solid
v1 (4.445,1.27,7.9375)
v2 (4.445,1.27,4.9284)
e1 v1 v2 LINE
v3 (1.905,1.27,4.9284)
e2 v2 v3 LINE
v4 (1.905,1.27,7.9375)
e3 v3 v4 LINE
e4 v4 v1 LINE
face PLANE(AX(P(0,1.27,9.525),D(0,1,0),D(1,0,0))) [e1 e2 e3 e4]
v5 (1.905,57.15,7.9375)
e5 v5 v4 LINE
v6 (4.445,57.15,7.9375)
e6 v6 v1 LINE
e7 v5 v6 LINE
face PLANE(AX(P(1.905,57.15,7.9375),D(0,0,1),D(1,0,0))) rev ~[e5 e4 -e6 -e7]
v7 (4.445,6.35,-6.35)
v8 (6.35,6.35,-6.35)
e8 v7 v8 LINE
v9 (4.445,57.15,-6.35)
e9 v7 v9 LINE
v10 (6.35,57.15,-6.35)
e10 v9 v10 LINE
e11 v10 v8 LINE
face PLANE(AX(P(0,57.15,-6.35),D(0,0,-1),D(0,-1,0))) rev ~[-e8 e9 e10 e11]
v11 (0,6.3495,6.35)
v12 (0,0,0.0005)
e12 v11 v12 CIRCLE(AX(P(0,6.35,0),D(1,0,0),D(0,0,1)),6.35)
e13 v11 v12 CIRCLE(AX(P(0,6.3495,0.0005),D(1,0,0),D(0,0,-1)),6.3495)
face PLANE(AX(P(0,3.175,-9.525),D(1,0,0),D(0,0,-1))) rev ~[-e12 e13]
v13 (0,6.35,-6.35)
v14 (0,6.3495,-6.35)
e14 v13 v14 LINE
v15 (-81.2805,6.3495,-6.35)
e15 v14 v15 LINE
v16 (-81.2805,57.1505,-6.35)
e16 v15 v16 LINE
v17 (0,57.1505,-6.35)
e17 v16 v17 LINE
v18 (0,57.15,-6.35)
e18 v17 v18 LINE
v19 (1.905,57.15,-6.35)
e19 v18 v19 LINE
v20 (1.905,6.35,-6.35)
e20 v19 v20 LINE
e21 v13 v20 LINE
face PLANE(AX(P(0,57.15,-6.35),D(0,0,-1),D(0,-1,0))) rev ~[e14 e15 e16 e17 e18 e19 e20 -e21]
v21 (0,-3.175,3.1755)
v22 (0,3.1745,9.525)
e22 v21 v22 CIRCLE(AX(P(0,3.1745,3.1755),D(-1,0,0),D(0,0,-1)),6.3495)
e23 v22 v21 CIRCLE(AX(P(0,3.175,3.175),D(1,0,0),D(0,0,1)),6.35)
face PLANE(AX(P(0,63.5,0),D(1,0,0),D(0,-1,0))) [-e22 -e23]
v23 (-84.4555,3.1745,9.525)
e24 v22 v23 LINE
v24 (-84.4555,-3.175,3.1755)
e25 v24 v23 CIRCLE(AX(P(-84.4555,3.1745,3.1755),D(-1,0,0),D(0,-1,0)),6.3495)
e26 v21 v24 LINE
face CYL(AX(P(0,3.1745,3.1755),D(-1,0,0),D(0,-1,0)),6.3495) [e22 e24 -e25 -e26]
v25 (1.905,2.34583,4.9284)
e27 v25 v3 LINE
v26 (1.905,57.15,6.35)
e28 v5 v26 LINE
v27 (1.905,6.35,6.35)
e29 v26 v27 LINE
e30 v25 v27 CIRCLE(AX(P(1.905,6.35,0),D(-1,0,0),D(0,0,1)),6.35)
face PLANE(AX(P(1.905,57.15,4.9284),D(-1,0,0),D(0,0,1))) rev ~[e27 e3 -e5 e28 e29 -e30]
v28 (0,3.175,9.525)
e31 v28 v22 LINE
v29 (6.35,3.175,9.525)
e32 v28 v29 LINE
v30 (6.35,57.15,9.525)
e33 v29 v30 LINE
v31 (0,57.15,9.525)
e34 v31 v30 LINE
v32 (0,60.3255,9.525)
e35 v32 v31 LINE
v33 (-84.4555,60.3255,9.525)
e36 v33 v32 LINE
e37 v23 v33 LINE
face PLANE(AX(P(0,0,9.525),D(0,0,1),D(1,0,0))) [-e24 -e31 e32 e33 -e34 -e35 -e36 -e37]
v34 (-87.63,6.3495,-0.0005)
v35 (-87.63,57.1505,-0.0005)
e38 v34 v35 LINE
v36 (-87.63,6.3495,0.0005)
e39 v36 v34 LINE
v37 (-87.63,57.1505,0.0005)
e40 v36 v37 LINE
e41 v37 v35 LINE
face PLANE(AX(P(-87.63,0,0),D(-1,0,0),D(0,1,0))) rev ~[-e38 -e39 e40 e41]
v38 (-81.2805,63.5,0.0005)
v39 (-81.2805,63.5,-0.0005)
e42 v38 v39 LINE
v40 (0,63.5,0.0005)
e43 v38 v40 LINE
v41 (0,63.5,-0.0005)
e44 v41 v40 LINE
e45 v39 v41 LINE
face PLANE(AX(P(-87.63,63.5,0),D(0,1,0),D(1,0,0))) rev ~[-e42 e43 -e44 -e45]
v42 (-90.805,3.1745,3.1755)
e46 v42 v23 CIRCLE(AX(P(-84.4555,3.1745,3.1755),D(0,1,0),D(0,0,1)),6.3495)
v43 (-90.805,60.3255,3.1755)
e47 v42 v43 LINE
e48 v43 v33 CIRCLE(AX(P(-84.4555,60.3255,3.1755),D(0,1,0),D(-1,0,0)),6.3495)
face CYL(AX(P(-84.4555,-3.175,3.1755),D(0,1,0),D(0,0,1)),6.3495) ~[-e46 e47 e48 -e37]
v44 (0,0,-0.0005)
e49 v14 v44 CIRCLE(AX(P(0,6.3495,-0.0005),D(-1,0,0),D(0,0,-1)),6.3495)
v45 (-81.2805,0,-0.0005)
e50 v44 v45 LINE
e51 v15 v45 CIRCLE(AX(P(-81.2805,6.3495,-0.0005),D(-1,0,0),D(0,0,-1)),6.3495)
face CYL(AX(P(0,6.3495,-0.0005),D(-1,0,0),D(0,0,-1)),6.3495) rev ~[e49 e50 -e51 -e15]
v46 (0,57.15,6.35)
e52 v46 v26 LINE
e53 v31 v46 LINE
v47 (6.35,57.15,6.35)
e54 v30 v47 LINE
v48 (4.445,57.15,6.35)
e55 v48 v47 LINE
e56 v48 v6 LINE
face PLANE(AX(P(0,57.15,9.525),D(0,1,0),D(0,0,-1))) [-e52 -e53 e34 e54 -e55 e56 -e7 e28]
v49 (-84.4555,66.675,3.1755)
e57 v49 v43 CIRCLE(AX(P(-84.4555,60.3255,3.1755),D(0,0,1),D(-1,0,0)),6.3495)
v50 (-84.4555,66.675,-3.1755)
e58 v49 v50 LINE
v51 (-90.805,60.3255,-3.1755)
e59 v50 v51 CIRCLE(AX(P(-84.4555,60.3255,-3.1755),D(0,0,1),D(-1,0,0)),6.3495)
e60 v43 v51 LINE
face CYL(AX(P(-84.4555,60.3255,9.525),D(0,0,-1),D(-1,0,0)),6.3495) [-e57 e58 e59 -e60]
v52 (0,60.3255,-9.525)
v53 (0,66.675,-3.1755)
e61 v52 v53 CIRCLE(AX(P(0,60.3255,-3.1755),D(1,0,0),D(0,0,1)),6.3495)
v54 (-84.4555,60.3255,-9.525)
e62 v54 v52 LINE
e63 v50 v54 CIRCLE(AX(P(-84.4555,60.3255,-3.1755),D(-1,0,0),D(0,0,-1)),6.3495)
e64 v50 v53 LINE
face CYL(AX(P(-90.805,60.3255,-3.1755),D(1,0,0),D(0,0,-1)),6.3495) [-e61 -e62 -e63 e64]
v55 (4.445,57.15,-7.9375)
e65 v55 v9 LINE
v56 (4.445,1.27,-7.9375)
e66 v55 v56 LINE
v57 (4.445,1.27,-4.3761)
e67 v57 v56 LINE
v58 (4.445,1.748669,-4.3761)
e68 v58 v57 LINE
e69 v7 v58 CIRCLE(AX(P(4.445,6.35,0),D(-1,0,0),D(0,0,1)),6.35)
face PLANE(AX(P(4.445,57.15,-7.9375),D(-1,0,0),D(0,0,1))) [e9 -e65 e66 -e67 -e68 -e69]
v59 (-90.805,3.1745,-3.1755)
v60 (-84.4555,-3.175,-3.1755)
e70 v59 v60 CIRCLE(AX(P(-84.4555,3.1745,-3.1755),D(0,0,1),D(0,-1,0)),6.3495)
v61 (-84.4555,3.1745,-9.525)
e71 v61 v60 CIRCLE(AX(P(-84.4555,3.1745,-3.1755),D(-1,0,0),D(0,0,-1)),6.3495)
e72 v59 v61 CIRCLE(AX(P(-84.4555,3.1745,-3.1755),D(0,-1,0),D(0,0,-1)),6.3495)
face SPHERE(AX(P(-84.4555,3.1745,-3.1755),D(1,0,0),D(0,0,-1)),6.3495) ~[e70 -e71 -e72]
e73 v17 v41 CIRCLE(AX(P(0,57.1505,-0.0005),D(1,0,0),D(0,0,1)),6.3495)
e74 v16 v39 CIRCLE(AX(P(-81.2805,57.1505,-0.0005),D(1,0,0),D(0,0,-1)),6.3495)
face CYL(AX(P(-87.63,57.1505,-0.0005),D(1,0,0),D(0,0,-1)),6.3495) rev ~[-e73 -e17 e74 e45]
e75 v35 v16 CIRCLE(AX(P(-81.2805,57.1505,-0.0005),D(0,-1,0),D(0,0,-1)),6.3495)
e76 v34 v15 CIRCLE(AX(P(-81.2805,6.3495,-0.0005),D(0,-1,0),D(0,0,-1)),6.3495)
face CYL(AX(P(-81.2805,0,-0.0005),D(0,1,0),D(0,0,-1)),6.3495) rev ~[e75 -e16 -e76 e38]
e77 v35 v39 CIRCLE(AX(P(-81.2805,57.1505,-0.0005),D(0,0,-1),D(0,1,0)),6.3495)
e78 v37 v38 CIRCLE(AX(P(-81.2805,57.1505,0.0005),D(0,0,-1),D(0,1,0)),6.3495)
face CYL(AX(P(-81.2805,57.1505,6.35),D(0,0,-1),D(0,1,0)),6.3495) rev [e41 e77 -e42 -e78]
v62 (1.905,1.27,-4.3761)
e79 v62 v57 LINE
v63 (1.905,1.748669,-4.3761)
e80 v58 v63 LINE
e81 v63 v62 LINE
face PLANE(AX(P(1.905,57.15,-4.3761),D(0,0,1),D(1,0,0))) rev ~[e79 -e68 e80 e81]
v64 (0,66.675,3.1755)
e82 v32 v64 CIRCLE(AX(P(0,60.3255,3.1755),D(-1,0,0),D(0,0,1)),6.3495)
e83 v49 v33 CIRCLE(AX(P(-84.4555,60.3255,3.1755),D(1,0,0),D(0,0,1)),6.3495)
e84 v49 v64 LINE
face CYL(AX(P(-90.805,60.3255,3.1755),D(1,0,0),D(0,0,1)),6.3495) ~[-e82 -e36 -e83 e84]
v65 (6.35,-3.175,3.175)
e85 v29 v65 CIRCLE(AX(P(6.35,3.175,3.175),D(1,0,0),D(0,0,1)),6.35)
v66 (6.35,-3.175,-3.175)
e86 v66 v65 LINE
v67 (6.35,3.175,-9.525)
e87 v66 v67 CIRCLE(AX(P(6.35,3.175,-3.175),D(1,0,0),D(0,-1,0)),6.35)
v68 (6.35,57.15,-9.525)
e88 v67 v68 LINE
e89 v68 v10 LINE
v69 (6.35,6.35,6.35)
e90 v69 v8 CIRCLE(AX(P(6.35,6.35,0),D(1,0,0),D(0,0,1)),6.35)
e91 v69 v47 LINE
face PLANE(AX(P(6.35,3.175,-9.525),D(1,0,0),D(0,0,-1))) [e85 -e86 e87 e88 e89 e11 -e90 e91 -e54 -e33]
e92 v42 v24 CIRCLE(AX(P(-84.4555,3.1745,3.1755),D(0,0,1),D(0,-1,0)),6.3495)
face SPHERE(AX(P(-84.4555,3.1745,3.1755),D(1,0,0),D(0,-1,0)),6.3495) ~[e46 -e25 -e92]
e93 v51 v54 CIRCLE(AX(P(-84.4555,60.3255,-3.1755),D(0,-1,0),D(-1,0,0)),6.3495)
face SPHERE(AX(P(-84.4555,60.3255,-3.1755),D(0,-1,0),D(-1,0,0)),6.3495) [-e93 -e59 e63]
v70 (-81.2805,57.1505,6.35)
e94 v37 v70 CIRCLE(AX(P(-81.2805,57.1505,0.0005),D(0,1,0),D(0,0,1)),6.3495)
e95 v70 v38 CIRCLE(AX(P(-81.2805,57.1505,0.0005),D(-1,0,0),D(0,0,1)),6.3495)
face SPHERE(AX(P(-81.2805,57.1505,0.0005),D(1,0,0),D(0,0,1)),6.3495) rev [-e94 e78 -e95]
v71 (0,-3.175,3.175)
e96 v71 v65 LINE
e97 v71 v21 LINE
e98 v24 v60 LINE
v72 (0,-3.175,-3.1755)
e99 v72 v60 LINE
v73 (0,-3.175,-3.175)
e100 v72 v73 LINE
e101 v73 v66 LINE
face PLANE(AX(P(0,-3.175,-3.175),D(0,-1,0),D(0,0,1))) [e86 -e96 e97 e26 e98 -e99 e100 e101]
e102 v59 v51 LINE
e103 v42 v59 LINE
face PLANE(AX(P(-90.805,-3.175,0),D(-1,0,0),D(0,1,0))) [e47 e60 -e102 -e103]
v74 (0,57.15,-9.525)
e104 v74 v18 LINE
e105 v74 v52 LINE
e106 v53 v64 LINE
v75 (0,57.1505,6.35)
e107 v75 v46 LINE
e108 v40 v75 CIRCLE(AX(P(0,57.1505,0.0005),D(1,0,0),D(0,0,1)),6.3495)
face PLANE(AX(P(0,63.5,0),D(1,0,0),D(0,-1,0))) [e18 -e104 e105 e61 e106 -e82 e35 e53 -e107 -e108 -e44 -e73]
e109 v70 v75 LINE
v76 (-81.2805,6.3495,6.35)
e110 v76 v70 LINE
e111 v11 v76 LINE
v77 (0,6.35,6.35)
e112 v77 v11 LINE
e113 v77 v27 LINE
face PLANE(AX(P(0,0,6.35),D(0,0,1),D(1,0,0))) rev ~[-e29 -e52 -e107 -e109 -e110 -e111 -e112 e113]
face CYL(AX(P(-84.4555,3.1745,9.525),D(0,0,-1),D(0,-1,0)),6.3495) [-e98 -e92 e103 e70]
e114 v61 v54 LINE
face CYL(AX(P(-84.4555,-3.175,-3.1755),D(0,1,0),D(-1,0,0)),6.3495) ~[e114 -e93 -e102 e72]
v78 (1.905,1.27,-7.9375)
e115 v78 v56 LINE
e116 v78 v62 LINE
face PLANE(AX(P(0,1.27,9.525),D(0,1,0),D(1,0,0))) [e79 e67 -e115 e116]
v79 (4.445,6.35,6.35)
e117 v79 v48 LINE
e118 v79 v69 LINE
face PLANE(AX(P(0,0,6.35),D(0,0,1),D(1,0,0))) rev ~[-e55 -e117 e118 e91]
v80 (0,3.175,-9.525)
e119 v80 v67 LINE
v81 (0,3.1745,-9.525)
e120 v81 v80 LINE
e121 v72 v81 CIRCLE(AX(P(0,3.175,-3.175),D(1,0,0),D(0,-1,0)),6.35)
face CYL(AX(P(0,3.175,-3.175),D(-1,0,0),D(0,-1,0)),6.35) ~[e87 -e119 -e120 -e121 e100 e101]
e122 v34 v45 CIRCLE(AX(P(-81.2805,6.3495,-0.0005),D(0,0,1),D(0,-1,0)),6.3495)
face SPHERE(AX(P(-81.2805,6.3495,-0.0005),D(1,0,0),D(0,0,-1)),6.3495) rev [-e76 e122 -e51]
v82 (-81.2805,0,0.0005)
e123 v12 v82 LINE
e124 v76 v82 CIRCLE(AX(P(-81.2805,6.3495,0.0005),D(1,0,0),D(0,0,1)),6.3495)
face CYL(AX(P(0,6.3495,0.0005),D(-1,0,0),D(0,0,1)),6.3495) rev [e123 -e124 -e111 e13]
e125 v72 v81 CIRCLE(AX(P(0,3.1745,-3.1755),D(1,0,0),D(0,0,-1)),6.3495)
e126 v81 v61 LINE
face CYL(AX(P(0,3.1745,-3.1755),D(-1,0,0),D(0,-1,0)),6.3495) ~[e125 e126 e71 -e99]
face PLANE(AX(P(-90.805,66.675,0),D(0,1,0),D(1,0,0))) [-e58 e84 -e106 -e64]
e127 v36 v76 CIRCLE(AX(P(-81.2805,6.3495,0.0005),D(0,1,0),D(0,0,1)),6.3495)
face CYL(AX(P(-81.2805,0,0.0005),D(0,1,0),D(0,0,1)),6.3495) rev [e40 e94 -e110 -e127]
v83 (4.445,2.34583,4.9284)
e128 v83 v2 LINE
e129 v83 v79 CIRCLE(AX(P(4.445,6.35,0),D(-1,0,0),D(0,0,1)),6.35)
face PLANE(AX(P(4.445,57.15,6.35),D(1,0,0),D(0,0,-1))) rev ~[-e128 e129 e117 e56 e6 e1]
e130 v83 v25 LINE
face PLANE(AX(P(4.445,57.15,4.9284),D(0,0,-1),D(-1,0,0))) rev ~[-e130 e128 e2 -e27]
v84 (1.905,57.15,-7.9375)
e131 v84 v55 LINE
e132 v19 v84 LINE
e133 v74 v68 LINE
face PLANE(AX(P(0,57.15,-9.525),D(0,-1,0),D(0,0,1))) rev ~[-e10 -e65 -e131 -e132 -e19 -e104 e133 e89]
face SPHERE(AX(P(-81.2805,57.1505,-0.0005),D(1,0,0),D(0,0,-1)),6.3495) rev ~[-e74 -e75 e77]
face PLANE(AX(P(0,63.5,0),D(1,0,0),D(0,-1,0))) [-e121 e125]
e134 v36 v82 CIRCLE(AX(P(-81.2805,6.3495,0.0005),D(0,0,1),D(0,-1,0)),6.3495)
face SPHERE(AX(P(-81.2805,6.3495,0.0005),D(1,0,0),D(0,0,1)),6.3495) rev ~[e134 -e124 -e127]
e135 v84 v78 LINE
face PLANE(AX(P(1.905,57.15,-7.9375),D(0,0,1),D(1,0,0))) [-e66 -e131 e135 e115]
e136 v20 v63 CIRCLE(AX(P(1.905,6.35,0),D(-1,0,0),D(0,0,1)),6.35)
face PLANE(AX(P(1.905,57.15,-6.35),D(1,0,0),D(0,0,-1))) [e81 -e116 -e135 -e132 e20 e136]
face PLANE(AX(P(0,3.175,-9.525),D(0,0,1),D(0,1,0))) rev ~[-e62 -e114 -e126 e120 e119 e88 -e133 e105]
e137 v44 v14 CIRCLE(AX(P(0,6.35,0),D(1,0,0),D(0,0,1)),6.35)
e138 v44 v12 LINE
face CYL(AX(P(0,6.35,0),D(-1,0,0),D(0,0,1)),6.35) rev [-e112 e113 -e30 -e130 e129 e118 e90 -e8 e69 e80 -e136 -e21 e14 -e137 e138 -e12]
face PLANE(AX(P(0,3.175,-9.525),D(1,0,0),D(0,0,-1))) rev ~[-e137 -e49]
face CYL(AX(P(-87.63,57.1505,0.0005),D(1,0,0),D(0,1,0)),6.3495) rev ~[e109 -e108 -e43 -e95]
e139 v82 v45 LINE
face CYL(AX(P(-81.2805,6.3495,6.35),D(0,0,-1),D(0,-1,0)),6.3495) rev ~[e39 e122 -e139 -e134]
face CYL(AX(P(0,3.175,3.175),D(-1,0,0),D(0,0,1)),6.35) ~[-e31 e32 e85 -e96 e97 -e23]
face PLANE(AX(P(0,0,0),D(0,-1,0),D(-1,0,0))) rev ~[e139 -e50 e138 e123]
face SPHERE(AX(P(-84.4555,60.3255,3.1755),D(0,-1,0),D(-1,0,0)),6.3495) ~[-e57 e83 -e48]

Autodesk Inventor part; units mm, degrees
ref_plane "YZ Plane" through (0, 0, 0) normal (1, 0, 0) x (0, 1, 0)
ref_plane "XZ Plane" through (0, 0, 0) normal (0, 1, 0) x (-1, 0, 0)
ref_plane "XY Plane" through (0, 0, 0) normal (0, 0, 1) x (1, 0, 0)
sketch "Sketch1" plane through (0, 0, 0) normal (0, 0, 1) x (1, 0, 0)
  line L0 (0, 0) -> (-87.63, 0)
  line L1 (-87.63, 0) -> (-87.63, 63.5)
  line L2 (-87.63, 63.5) -> (0, 63.5)
  line L3 (0, 63.5) -> (0, 0)
  dimension "d0" = 87.63
  dimension "d1" = 63.5
sketch "Sketch2" plane through (0, 0, 0) normal (0, 0, 1) x (1, 0, 0)
  line L0 (0, -3.175) -> (-90.805, -3.175)
  line L1 (-90.805, -3.175) -> (-90.805, 66.675)
  line L2 (-90.805, 66.675) -> (0, 66.675)
  line L3 (0, 66.675) -> (0, -3.175)
  line L4 (-87.63, 63.5) -> (0, 63.5) projected
  point P0 (0, 0)
  dimension "d2" = 3.175
  dimension "d3" = 3.175
  dimension "d4" = 66.675
  dimension "d6" = 0
extrude "Extrusion1" add sketch "Sketch2" along normal mid plane 19.05
extrude "Extrusion2" cut sketch "Sketch1" along normal mid plane 12.7
fillet "Fillet1" radius 6.35 16 edges at (-43.815, 63.5, 6.35) (-43.815, 63.5, -6.35) (-43.815, 0, -6.35) (-45.4025, -3.175, 9.525) (-43.815, 0, 6.35) (-45.4025, -3.175, -9.525) (-90.805, 31.75, -9.525) (-90.805, -3.175, 0) (-90.805, 31.75, 9.525) (-90.805, 66.675, 0) (-45.4025, 66.675, -9.525) (-45.4025, 66.675, 9.525) (-87.63, 31.75, 6.35) (-87.63, 31.75, -6.35) (-87.63, 63.5, 0) (-87.63, 0, 0)
sketch "Sketch3" plane through (0, 3.175, -9.525) normal (1, 0, 0) x (0, 0, -1)
  line L0 (-3.175, 53.975) -> (-3.175, 3.175) projected
  arc A0 (-15.875, 3.175) -> (-3.175, 3.175) centre (-9.525, 3.175) ccw projected
  line L1 (-15.875, 3.175) -> (-15.875, 53.975) projected
  arc A1 (-3.175, 53.975) -> (-15.875, 53.975) centre (-9.525, 53.975) ccw construction
  arc A2 (-19.05, 0) -> (-12.7, -6.35) centre (-12.7, 0) ccw projected
  line L2 (-6.35, -6.35) -> (-12.7, -6.35) projected
  arc A3 (-6.35, -6.35) -> (0, 0) centre (-6.35, 0) ccw projected
  line L3 (0, 57.15) -> (0, 0) construction
  arc A4 (0, 57.15) -> (-6.35, 63.5) centre (-6.35, 57.15) ccw construction
  line L4 (-12.7, 63.5) -> (-6.35, 63.5) construction
  arc A5 (-12.7, 63.5) -> (-19.05, 57.15) centre (-12.7, 57.15) ccw construction
  line L5 (-19.05, 0) -> (-19.05, 57.15) construction
  line L6 (-19.05, 0) -> (-19.05, 53.975)
  line L7 (-19.05, 0) -> (-19.05, 57.15) construction
  line L8 (0, 0) -> (-6.35, 0) construction
  line L9 (0, 0) -> (0, 53.975)
  line L10 (0, 57.15) -> (0, 0) construction
  line L11 (-19.05, 53.975) -> (-15.875, 53.975)
  line L12 (0, 53.975) -> (-3.175, 53.975)
  point P0 (-9.525, -3.175)
extrude "Extrusion3" add sketch "Sketch3" along normal blind 6.35
sketch "Sketch4" plane through (0, 57.15, 9.525) normal (0, 1, 0) x (1, 0, 0)
  line L0 (6.35, 15.875) -> (-81.28, 15.875) construction
  line L1 (4.445, 15.875) -> (1.905, 15.875) construction
  line L2 (1.905, 15.875) -> (1.905, 17.4625)
  line L3 (1.905, 17.4625) -> (4.445, 17.4625)
  line L4 (4.445, 17.4625) -> (4.445, 15.875)
  line L5 (6.35, 19.05) -> (6.35, 15.875) construction
  line L6 (-3.9045, 9.525) -> (6.35, 9.525) construction
  line L7 (1.905, 3.175) -> (1.905, 1.5875)
  line L8 (1.905, 1.5875) -> (4.445, 1.5875)
  line L9 (4.445, 1.5875) -> (4.445, 3.175)
  line L10 (0, 3.175) -> (6.35, 3.175) construction
  line L11 (1.905, 15.875) -> (1.905, 13.9011)
  line L12 (1.905, 13.9011) -> (4.445, 13.9011)
  line L13 (4.445, 13.9011) -> (4.445, 15.875)
  line L14 (4.445, 3.175) -> (4.445, 4.5966)
  line L15 (4.445, 4.5966) -> (1.905, 4.5966)
  line L16 (1.905, 4.5966) -> (1.905, 3.175)
  point P0 (0, 9.525)
  dimension "d14" = 2.54
  dimension "d15" = 1.5875
  dimension "d16" = 1.905
extrude "Extrusion4" cut sketch "Sketch4" against normal blind 55.88
properties part number "Marcus' Case"
